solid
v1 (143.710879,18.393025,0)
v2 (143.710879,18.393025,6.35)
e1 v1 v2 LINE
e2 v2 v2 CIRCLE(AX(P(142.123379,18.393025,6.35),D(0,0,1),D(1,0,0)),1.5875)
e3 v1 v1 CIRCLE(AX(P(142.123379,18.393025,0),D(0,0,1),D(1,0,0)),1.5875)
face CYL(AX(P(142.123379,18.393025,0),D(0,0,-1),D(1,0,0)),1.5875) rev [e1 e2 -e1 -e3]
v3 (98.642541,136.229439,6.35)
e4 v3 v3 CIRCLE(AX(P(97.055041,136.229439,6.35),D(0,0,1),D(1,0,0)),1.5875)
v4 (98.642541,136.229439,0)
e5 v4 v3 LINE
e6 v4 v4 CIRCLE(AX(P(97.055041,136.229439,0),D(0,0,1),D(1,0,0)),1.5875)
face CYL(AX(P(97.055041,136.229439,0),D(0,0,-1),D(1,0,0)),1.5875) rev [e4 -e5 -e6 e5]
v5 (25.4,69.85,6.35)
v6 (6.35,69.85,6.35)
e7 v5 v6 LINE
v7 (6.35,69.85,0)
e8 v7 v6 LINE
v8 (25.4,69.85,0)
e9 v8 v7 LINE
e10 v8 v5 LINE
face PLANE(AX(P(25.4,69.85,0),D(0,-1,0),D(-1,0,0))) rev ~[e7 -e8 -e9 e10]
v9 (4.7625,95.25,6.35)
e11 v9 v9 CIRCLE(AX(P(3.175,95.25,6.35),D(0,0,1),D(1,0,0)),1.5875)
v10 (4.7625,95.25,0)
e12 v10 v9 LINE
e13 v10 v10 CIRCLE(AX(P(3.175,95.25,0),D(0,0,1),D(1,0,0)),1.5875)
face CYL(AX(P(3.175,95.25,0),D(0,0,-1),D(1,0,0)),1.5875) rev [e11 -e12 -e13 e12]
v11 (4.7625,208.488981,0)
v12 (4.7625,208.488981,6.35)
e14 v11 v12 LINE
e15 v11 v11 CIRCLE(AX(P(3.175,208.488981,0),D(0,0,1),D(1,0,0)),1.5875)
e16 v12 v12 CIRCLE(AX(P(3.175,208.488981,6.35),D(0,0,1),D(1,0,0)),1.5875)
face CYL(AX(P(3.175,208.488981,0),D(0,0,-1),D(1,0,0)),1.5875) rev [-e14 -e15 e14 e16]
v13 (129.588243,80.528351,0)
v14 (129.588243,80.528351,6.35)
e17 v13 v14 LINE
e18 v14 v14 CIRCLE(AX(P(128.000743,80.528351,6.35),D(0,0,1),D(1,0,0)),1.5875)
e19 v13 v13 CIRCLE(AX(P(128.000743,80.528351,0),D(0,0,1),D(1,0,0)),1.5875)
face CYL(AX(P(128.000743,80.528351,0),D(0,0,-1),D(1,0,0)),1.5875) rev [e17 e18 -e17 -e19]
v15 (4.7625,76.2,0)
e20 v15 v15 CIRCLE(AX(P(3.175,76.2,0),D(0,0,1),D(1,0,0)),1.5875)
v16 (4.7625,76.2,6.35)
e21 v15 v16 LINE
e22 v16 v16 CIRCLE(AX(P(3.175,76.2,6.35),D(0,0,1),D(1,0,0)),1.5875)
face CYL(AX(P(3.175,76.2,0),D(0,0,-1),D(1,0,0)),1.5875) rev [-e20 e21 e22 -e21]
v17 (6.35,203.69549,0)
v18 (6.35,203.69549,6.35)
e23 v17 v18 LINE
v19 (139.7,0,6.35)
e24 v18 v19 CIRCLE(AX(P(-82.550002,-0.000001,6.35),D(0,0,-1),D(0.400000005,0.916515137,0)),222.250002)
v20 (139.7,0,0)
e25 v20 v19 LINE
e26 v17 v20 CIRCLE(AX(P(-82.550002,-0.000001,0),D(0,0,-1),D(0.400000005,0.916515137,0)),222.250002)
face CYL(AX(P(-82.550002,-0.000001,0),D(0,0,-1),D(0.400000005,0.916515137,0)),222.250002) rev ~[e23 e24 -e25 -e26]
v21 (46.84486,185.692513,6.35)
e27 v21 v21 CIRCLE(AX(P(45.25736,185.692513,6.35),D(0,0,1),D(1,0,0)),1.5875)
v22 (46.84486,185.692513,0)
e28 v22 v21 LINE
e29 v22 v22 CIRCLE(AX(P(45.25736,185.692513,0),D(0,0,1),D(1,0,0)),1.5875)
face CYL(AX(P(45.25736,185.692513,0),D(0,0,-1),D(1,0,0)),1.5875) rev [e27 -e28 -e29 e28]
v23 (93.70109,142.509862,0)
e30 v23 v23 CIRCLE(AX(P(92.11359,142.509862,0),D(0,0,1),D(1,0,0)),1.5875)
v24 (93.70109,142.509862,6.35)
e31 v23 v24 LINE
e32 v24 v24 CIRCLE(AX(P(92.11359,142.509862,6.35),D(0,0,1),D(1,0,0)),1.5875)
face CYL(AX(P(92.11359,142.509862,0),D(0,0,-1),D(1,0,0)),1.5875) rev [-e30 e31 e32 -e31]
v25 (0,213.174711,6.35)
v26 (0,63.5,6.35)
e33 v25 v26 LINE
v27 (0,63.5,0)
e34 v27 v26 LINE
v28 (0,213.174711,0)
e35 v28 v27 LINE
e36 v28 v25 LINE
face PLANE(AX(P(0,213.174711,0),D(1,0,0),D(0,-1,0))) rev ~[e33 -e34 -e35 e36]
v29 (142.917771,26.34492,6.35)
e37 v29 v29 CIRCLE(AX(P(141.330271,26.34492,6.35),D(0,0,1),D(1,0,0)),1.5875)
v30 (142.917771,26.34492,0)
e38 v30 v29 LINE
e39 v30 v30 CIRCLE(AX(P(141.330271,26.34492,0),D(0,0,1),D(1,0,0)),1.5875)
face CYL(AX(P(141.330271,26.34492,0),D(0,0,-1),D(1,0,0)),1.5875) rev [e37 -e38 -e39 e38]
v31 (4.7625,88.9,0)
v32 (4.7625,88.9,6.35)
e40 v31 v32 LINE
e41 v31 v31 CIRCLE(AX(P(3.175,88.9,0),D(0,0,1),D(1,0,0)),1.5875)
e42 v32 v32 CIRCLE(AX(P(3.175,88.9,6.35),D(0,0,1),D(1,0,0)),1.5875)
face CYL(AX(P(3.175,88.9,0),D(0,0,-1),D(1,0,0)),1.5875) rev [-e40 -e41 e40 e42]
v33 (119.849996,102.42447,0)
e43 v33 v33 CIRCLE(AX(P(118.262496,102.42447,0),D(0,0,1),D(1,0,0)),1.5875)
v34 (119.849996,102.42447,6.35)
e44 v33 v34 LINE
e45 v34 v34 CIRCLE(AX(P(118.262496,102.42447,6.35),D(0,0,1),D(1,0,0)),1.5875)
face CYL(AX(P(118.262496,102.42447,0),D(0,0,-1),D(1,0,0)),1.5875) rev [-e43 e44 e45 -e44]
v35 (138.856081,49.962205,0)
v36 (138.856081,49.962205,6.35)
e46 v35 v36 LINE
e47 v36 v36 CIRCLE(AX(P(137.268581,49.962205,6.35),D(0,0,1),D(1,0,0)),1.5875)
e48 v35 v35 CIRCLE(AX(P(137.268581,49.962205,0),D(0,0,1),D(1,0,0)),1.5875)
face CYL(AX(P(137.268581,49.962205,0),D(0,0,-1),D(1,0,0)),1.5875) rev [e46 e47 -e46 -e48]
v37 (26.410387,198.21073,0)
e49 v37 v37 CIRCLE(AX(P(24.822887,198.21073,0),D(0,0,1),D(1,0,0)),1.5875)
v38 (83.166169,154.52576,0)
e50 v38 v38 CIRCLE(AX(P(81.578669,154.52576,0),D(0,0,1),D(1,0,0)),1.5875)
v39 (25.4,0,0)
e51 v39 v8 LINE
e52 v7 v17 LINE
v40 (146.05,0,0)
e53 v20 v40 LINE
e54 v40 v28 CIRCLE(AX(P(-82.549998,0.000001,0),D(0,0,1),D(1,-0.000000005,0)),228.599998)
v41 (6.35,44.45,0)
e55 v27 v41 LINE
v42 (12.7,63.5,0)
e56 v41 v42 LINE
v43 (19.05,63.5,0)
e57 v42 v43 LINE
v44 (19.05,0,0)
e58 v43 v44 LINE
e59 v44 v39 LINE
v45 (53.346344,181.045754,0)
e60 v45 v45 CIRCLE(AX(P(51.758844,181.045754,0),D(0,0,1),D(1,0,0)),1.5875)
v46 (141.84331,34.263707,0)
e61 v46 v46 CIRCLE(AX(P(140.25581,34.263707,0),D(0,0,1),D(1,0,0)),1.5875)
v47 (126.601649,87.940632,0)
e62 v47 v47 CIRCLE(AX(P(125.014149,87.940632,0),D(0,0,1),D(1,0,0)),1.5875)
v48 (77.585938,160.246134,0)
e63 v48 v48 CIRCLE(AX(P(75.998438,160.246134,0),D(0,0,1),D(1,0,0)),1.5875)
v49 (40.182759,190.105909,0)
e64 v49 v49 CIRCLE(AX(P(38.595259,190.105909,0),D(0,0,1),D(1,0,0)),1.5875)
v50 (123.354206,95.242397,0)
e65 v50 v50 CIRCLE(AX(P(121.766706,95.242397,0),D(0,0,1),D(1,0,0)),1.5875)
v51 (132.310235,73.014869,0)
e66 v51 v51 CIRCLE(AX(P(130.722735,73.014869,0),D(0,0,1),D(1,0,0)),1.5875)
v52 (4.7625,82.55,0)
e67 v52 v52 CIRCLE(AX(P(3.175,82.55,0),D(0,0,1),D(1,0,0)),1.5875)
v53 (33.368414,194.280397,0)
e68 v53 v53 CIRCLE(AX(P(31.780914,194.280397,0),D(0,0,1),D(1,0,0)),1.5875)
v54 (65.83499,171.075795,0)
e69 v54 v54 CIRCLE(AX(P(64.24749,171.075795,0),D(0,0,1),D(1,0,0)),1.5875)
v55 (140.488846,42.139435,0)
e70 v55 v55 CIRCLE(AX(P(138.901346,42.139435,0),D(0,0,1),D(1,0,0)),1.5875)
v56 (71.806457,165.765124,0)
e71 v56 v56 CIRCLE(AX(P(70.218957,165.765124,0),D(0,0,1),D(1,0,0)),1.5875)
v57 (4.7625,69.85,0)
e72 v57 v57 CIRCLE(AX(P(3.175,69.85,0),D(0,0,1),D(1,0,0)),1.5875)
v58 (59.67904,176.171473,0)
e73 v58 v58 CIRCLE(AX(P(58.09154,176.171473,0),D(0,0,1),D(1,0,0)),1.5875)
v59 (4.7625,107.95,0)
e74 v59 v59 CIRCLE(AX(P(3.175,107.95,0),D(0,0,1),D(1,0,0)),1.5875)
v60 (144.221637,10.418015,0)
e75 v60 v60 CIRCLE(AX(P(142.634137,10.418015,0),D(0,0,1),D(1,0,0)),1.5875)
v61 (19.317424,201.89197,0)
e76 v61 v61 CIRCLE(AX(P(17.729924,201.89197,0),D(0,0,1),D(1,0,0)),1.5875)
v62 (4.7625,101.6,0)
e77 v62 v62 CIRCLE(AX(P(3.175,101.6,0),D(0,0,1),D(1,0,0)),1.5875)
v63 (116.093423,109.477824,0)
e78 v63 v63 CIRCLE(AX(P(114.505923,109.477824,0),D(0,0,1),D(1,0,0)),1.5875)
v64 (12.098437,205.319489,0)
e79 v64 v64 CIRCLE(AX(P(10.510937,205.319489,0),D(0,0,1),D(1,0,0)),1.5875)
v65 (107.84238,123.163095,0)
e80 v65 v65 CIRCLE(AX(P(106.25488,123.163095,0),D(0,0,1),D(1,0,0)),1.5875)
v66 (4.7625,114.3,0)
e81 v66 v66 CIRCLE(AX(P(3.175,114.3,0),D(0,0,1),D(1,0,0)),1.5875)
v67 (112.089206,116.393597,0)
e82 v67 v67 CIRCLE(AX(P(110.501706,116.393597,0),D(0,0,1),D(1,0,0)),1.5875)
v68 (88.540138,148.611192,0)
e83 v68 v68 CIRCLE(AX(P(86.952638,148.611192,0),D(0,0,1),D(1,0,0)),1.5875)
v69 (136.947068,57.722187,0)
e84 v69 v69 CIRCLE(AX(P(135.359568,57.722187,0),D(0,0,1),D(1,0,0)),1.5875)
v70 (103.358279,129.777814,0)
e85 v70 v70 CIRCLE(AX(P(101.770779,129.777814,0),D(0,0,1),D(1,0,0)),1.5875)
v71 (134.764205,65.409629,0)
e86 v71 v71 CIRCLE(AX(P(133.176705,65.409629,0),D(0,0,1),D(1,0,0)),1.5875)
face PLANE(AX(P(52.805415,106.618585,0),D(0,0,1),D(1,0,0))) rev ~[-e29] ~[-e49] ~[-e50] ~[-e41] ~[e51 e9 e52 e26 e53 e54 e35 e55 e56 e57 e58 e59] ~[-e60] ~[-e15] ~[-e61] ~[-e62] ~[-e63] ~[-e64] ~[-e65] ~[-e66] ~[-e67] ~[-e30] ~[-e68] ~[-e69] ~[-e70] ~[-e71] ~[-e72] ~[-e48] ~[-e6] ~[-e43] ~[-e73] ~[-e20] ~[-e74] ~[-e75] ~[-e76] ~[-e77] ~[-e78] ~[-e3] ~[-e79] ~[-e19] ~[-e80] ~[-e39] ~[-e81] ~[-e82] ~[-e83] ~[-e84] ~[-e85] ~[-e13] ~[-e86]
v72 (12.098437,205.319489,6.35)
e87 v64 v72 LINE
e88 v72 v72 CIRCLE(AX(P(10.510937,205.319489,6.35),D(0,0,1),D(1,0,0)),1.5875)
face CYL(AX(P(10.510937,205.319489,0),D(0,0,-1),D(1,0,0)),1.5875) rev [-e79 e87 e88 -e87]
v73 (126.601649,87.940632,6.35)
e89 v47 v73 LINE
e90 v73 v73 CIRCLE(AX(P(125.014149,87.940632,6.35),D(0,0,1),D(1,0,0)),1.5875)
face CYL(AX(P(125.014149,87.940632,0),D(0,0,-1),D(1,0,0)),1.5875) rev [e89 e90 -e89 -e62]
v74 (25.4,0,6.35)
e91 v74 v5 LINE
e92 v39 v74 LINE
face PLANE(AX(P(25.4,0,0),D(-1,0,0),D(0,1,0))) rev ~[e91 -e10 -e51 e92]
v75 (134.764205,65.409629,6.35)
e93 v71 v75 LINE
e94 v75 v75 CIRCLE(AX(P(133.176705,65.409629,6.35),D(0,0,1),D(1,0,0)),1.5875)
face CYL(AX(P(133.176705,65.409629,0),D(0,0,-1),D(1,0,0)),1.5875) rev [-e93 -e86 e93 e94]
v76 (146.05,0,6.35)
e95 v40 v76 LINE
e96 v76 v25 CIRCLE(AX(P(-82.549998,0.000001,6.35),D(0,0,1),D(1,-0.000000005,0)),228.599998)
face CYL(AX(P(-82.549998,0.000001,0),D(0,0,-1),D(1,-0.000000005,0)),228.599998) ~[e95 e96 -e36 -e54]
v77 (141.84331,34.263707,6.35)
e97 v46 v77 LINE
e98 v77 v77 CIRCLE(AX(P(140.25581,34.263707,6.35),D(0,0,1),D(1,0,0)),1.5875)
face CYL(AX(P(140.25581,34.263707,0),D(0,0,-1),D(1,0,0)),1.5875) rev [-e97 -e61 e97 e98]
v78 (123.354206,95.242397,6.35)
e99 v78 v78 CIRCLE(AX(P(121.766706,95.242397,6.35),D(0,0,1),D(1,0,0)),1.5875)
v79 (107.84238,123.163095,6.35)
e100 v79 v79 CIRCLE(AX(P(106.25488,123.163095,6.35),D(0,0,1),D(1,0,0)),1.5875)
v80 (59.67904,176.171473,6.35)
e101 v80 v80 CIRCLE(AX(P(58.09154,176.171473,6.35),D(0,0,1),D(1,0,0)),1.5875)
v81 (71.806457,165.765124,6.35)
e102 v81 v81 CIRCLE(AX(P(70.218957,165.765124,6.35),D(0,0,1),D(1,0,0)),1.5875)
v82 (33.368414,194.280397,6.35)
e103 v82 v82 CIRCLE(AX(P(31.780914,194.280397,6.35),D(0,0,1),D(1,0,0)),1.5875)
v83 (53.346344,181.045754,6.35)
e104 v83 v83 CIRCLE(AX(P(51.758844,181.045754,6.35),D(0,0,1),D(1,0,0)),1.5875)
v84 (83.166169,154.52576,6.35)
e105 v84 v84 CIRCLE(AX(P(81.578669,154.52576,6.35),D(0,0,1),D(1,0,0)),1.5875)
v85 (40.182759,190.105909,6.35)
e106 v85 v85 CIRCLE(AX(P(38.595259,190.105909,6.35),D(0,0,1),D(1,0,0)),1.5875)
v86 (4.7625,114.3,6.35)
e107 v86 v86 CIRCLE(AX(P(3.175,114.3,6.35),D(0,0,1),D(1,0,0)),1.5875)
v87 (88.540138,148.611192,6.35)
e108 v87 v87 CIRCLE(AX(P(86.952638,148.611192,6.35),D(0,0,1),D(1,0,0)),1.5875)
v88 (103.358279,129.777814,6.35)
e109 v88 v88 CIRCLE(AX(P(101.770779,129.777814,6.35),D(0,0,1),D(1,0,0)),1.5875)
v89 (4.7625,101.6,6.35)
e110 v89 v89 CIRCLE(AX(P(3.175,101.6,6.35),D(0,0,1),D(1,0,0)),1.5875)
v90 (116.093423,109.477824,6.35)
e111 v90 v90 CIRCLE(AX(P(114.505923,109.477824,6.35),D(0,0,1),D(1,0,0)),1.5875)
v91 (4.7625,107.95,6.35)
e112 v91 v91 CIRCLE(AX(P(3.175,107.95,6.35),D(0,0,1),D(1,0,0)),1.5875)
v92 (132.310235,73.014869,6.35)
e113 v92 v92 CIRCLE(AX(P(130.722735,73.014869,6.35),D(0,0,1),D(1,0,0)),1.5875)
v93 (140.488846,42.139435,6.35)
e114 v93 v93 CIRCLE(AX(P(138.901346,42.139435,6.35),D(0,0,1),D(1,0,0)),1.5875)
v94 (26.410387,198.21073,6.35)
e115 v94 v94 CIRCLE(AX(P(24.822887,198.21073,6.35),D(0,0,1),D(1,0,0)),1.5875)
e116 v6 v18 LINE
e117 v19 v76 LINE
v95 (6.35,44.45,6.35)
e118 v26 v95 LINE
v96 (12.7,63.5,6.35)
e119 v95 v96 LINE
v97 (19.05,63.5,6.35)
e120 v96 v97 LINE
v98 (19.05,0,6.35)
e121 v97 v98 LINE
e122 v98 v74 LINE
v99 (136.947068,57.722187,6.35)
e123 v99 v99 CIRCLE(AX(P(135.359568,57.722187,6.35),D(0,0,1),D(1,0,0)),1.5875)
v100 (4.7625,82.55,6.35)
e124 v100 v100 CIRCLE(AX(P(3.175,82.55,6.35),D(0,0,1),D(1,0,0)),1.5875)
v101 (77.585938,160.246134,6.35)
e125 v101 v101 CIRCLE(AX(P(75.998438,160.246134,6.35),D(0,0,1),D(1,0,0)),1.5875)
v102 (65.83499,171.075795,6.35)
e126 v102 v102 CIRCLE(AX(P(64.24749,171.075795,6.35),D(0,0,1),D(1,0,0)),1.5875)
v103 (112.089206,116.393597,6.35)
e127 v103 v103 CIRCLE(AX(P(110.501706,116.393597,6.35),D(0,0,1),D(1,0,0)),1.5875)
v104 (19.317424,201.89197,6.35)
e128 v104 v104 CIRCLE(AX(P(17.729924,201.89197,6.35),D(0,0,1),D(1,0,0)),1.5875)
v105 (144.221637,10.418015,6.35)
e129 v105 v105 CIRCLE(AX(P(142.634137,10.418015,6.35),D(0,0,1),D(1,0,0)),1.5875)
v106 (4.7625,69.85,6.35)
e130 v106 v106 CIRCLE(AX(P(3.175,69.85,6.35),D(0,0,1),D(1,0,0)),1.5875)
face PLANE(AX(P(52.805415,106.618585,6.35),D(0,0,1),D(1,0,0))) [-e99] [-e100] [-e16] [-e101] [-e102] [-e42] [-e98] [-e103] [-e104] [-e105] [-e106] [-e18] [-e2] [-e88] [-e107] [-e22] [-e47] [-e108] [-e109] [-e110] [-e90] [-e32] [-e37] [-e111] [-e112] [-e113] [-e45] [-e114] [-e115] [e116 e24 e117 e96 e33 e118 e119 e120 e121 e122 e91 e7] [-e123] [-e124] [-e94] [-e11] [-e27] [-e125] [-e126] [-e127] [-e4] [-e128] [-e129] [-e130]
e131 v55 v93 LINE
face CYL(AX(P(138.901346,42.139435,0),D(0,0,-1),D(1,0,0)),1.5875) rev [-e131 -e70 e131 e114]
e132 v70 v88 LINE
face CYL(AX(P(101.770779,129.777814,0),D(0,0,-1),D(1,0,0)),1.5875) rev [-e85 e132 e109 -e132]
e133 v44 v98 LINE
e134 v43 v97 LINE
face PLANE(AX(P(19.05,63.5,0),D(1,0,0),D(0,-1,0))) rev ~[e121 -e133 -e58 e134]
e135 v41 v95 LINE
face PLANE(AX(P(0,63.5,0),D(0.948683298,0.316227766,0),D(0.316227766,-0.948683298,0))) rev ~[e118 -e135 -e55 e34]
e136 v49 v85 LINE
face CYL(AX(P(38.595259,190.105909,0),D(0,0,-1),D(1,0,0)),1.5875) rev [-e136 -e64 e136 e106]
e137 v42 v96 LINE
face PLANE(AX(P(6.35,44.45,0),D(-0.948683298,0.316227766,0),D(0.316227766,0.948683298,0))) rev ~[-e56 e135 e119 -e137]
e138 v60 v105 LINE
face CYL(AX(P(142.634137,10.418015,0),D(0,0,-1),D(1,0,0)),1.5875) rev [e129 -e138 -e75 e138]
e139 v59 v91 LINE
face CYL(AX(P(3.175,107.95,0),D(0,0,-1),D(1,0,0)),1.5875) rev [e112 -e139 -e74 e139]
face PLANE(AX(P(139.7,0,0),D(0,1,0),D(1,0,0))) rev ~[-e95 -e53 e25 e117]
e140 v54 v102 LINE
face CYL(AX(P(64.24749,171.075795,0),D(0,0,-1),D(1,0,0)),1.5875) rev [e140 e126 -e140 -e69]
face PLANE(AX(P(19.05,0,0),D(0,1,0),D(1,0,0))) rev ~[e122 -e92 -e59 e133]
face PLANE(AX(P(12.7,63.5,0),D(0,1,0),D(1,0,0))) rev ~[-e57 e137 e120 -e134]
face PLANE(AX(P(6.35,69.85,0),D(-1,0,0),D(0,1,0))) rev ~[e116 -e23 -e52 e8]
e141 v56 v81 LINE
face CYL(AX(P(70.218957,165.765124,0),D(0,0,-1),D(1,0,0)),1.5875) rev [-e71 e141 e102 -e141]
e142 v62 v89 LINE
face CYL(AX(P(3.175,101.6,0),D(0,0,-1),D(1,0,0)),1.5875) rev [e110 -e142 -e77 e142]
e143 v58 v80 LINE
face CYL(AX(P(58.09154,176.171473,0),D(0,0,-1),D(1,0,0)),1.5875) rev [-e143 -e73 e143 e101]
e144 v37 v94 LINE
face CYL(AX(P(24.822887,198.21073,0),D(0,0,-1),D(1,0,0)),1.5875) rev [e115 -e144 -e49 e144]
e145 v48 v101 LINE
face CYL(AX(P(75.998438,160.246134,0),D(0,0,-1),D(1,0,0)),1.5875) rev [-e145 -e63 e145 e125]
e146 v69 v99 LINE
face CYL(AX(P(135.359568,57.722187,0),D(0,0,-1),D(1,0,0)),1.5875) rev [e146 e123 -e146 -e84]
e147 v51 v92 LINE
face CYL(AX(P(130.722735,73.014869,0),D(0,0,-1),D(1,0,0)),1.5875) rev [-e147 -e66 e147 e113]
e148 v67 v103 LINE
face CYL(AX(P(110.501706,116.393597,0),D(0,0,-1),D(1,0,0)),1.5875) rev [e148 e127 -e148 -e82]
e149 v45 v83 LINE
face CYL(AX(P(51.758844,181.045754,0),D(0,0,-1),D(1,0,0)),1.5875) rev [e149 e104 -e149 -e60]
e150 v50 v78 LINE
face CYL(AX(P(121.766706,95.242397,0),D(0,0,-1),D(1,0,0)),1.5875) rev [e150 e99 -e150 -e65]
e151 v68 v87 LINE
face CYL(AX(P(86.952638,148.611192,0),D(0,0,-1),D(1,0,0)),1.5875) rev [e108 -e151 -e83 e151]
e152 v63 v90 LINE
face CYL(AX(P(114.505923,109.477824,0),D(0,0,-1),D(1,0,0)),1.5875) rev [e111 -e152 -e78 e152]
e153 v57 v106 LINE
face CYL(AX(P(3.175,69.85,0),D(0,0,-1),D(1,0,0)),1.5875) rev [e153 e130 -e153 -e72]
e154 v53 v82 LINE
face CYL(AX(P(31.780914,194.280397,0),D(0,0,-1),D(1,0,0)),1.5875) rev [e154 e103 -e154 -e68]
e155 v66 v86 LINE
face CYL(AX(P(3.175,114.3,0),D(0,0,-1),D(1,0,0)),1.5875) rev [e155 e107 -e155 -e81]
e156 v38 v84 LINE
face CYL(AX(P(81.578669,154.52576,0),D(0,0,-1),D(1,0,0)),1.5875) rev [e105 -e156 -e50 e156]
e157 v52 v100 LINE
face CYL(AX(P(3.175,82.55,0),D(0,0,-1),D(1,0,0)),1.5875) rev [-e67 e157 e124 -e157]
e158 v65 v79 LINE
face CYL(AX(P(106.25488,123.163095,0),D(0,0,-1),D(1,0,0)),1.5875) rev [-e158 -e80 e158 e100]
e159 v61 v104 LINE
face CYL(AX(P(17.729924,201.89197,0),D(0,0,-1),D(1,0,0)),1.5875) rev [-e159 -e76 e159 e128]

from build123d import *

# Parameters (mm, degrees)
F0_R     = 1.5875
F1_DEPTH = 6.35


with BuildPart() as f1:
    # F0 (on Top) → F1 (new body)
    with BuildSketch(Plane.XY):
        with BuildLine():
            Line((19.05, 63.5), (19.05, 0))
            Line((19.05, 0), (25.4, 0))
            Line((25.4, 0), (25.4, 69.85))
            Line((25.4, 69.85), (12.7, 69.85))
            Line((12.7, 69.85), (6.35, 69.85))
            Line((6.35, 69.85), (6.35, 203.69549))
            ThreePointArc((6.35, 203.69549), (103.397691, 121.731338), (139.7, 0))
            Line((139.7, 0), (146.05, 0))
            ThreePointArc((146.05, 0), (106.035379, 129.203386), (0, 213.174711))
            Line((0, 213.174711), (0, 175.074711))
            Line((0, 175.074711), (0, 63.5))
            Line((0, 63.5), (6.35, 44.45))
            Line((6.35, 44.45), (12.7, 63.5))
            Line((12.7, 63.5), (19.05, 63.5))
        make_face()
        with Locations((142.634137, 10.418015)):
            Circle(F0_R, mode=Mode.SUBTRACT)
        with Locations((142.123379, 18.393025)):
            Circle(F0_R, mode=Mode.SUBTRACT)
        with Locations((141.330271, 26.34492)):
            Circle(F0_R, mode=Mode.SUBTRACT)
        with Locations((140.25581, 34.263707)):
            Circle(F0_R, mode=Mode.SUBTRACT)
        with Locations((138.901346, 42.139435)):
            Circle(F0_R, mode=Mode.SUBTRACT)
        with Locations((137.268581, 49.962205)):
            Circle(F0_R, mode=Mode.SUBTRACT)
        with Locations((3.175, 69.85)):
            Circle(F0_R, mode=Mode.SUBTRACT)
        with Locations((3.175, 76.2)):
            Circle(F0_R, mode=Mode.SUBTRACT)
        with Locations((3.175, 82.55)):
            Circle(F0_R, mode=Mode.SUBTRACT)
        with Locations((3.175, 88.9)):
            Circle(F0_R, mode=Mode.SUBTRACT)
        with Locations((3.175, 95.25)):
            Circle(F0_R, mode=Mode.SUBTRACT)
        with Locations((3.175, 101.6)):
            Circle(F0_R, mode=Mode.SUBTRACT)
        with Locations((3.175, 107.95)):
            Circle(F0_R, mode=Mode.SUBTRACT)
        with Locations((135.359568, 57.722187)):
            Circle(F0_R, mode=Mode.SUBTRACT)
        with Locations((133.176705, 65.409629)):
            Circle(F0_R, mode=Mode.SUBTRACT)
        with Locations((130.722735, 73.014869)):
            Circle(F0_R, mode=Mode.SUBTRACT)
        with Locations((128.000743, 80.528351)):
            Circle(F0_R, mode=Mode.SUBTRACT)
        with Locations((125.014149, 87.940632)):
            Circle(F0_R, mode=Mode.SUBTRACT)
        with Locations((121.766706, 95.242397)):
            Circle(F0_R, mode=Mode.SUBTRACT)
        with Locations((118.262496, 102.42447)):
            Circle(F0_R, mode=Mode.SUBTRACT)
        with Locations((114.505923, 109.477824)):
            Circle(F0_R, mode=Mode.SUBTRACT)
        with Locations((3.175, 114.3)):
            Circle(F0_R, mode=Mode.SUBTRACT)
        with Locations((64.24749, 171.075795)):
            Circle(F0_R, mode=Mode.SUBTRACT)
        with Locations((106.25488, 123.163095)):
            Circle(F0_R, mode=Mode.SUBTRACT)
        with Locations((101.770779, 129.777814)):
            Circle(F0_R, mode=Mode.SUBTRACT)
        with Locations((97.055041, 136.229439)):
            Circle(F0_R, mode=Mode.SUBTRACT)
        with Locations((92.11359, 142.509862)):
            Circle(F0_R, mode=Mode.SUBTRACT)
        with Locations((110.501706, 116.393597)):
            Circle(F0_R, mode=Mode.SUBTRACT)
        with Locations((86.952638, 148.611192)):
            Circle(F0_R, mode=Mode.SUBTRACT)
        with Locations((81.578669, 154.52576)):
            Circle(F0_R, mode=Mode.SUBTRACT)
        with Locations((75.998438, 160.246134)):
            Circle(F0_R, mode=Mode.SUBTRACT)
        with Locations((70.218957, 165.765124)):
            Circle(F0_R, mode=Mode.SUBTRACT)
        with Locations((24.822887, 198.21073)):
            Circle(F0_R, mode=Mode.SUBTRACT)
        with Locations((45.25736, 185.692513)):
            Circle(F0_R, mode=Mode.SUBTRACT)
        with Locations((58.09154, 176.171473)):
            Circle(F0_R, mode=Mode.SUBTRACT)
        with Locations((51.758844, 181.045754)):
            Circle(F0_R, mode=Mode.SUBTRACT)
        with Locations((38.595259, 190.105909)):
            Circle(F0_R, mode=Mode.SUBTRACT)
        with Locations((31.780914, 194.280397)):
            Circle(F0_R, mode=Mode.SUBTRACT)
        with Locations((3.175, 208.488981)):
            Circle(F0_R, mode=Mode.SUBTRACT)
        with Locations((17.729924, 201.89197)):
            Circle(F0_R, mode=Mode.SUBTRACT)
        with Locations((10.510937, 205.319489)):
            Circle(F0_R, mode=Mode.SUBTRACT)
    extrude(amount=F1_DEPTH)


solid = f1.part
